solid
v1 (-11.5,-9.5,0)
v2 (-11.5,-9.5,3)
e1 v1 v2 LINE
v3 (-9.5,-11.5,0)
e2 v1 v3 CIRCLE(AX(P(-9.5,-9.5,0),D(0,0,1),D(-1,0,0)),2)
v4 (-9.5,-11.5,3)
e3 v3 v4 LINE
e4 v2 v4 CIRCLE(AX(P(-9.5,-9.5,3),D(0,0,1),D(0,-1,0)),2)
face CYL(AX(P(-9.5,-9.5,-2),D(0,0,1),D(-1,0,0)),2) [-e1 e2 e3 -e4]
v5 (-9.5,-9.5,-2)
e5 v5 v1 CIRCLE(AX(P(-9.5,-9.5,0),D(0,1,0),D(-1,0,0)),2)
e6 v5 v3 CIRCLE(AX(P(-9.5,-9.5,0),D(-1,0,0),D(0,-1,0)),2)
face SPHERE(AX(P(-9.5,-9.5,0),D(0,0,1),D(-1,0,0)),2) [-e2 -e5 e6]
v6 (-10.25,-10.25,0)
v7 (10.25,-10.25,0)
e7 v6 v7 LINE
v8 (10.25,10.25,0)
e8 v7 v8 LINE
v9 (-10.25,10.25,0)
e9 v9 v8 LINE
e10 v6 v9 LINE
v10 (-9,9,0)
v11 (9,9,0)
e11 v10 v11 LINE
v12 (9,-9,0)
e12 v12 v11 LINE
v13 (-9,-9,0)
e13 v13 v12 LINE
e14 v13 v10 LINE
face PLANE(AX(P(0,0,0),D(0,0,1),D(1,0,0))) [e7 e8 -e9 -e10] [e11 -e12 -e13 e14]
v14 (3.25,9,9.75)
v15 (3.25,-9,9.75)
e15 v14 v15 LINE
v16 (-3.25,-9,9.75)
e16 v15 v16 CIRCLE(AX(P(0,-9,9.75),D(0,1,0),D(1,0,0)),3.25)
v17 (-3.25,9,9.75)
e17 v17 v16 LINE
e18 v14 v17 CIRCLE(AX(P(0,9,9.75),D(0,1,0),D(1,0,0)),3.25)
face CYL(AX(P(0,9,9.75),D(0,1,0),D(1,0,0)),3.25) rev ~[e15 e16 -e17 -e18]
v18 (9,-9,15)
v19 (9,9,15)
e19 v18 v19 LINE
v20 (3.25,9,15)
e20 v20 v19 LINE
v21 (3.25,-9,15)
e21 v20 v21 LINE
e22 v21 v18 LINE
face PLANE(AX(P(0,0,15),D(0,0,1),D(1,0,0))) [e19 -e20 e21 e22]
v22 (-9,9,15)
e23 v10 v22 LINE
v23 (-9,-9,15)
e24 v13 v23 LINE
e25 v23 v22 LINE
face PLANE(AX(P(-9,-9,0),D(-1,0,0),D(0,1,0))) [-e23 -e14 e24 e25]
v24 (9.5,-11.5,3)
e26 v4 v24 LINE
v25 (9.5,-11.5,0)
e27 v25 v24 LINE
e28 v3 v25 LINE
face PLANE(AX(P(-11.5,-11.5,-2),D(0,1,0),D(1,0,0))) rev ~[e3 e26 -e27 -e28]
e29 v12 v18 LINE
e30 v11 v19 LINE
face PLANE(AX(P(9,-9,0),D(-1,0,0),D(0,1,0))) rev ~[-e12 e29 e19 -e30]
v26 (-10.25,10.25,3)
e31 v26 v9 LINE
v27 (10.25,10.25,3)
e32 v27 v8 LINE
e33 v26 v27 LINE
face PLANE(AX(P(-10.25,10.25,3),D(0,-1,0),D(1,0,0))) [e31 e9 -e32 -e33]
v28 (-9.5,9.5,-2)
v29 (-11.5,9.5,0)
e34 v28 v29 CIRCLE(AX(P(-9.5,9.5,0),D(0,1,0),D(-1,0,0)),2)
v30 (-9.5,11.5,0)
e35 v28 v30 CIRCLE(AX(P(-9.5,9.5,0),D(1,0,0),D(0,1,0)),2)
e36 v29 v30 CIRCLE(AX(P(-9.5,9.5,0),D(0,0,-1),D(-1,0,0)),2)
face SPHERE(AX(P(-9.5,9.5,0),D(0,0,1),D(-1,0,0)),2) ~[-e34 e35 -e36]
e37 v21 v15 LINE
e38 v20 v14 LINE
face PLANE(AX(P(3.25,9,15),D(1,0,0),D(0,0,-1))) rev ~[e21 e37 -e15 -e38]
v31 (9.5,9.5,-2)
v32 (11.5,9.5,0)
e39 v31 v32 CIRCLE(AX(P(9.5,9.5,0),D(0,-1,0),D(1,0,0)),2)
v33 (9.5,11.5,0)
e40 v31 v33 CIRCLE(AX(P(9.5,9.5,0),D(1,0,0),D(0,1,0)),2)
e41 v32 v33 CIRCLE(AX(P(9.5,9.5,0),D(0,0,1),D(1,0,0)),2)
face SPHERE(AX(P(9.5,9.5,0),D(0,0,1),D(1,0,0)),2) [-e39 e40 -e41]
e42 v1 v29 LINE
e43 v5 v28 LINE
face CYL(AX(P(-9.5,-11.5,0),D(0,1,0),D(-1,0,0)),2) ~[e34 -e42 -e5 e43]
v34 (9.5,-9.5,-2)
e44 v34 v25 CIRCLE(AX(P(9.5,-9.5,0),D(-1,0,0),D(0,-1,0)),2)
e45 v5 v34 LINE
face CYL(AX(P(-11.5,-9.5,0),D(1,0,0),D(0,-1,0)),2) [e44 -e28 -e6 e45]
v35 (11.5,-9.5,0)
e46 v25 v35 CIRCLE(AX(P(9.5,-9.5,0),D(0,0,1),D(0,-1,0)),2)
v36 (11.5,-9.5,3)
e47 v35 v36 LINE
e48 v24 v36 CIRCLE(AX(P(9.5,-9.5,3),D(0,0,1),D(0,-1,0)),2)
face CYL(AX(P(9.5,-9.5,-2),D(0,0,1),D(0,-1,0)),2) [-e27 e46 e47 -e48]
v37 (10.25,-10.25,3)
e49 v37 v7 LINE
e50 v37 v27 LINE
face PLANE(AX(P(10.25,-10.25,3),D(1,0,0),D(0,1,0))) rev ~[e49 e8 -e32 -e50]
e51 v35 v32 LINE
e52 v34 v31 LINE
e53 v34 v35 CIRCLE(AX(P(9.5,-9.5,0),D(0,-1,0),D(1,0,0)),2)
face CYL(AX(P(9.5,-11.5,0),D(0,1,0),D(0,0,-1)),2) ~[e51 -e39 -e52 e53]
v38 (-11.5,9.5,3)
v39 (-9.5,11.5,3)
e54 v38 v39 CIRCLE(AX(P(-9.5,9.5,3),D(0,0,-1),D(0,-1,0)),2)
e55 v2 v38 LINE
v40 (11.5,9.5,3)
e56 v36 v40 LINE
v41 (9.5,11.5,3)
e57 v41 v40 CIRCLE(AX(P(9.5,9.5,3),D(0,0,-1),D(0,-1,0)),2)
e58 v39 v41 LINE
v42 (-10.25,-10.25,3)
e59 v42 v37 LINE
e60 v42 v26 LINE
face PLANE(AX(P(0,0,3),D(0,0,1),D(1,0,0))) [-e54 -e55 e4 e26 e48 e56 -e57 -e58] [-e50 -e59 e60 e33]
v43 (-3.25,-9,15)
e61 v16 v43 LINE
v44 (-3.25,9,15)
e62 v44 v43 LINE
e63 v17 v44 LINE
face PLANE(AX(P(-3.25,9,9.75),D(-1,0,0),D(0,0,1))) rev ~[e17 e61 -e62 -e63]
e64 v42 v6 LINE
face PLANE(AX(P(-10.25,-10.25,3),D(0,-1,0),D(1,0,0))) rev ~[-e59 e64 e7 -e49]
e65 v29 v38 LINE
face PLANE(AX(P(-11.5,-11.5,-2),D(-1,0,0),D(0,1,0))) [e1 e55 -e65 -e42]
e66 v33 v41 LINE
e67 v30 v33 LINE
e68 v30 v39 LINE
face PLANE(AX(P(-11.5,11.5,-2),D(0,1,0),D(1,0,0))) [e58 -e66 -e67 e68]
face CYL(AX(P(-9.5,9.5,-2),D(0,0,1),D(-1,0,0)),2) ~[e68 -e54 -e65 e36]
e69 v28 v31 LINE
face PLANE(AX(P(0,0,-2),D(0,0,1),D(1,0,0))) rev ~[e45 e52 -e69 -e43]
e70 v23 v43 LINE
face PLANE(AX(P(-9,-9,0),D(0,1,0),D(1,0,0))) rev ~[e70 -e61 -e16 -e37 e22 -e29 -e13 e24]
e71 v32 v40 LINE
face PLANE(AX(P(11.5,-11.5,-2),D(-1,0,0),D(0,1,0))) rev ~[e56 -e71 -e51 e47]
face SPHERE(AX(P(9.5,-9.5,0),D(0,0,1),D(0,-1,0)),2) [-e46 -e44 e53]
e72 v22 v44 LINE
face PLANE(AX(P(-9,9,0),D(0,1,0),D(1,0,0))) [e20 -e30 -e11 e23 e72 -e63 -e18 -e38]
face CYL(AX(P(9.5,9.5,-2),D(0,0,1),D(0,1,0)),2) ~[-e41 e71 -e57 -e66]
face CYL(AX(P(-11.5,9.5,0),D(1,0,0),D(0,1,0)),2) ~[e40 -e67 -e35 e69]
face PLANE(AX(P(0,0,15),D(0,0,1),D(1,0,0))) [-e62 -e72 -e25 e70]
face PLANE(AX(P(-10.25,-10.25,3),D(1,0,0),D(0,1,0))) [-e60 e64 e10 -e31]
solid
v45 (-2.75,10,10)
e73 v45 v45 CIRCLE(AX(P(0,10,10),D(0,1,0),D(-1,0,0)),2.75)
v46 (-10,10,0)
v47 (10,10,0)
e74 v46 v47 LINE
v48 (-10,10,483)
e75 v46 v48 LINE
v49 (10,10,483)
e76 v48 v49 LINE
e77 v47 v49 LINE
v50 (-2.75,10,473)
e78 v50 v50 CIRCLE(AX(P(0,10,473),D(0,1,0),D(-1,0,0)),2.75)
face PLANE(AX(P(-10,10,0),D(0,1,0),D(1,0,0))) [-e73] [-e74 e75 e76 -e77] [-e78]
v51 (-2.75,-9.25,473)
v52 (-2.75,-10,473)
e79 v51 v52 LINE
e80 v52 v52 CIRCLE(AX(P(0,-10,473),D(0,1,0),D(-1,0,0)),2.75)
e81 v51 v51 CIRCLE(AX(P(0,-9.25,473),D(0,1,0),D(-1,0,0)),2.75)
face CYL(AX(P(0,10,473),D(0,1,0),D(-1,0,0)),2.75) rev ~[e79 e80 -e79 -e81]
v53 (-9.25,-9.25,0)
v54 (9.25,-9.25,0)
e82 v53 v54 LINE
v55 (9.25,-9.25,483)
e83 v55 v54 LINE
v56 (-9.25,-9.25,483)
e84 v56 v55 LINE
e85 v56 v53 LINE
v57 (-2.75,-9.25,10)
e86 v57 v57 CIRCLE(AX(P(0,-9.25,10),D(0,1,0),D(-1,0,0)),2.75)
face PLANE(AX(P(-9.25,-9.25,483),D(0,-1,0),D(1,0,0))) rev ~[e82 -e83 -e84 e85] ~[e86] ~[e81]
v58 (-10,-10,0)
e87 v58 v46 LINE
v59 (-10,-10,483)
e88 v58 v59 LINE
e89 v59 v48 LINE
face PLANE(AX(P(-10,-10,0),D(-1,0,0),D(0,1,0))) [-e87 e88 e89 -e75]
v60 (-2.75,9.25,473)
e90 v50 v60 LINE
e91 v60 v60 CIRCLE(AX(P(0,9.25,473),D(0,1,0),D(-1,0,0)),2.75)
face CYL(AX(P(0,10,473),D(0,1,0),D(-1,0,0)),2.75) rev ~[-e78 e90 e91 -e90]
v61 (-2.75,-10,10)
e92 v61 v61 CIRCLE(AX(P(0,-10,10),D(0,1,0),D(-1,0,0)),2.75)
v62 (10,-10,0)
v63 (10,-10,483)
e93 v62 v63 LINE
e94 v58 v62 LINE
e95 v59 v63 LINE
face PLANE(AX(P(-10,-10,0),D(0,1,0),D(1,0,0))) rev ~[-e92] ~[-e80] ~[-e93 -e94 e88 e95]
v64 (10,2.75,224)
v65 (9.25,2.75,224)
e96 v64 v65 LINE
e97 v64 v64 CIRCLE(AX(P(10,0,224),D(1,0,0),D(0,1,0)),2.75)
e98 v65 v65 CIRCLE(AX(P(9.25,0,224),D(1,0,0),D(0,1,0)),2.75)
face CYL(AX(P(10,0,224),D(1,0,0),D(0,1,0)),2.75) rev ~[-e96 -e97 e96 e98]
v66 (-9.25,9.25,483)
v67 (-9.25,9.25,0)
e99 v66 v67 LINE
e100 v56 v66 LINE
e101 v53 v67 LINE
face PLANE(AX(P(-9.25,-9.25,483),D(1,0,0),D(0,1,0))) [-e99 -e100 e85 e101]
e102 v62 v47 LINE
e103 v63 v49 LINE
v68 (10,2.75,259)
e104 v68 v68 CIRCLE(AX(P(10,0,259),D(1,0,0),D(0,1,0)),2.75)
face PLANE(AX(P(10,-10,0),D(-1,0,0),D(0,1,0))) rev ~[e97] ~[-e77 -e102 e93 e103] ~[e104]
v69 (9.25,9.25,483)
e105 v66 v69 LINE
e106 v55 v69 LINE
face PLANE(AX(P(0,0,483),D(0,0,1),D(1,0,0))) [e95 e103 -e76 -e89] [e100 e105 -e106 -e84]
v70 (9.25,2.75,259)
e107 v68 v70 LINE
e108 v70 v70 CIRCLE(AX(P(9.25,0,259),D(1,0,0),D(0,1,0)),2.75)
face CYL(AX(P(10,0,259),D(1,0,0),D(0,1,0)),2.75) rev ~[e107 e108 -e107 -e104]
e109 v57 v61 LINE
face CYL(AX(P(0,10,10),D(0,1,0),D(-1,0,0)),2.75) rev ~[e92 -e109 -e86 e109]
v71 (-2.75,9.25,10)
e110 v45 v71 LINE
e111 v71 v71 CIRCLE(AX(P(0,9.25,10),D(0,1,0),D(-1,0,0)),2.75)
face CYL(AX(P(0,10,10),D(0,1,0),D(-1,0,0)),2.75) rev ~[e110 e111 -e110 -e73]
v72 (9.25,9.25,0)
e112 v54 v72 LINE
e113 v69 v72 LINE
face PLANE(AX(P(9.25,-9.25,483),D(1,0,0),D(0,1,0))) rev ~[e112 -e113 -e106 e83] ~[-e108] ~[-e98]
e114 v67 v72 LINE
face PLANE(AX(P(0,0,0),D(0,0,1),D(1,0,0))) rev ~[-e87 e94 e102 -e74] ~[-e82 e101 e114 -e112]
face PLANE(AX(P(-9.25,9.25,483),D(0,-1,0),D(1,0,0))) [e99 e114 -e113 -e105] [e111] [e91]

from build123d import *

# Parameters (mm, degrees)
F0_W      = 20
F0_H      = 20
F1_DEPTH  = 483
F2_W      = 18.5
F2_H      = 18.5
F3_DEPTH  = 483.001
F4_R      = 2.75
F5_DEPTH  = 25
F7_W      = 23
F7_H      = 23
F8_DEPTH  = 5
F9_W      = 20.5
F9_H      = 20.5
F10_DEPTH = 3
F11_W     = 18
F11_H     = 18
F12_DEPTH = 15
F14_DEPTH = 20.501
F15_R     = 2
F16_R     = 2.75
F17_DEPTH = 5


with BuildPart() as f1:
    # F0 (on Top) → F1 (new body)
    with BuildSketch(Plane.XY):
        Rectangle(F0_W, F0_H)
    extrude(amount=F1_DEPTH)

    # F2 (on face) → F3 (cut, through all)
    with BuildSketch(Plane.XY.offset(483)):
        Rectangle(F2_W, F2_H)
    extrude(amount=-F3_DEPTH, mode=Mode.SUBTRACT)

    # F4 (on face) → F5 (cut)
    with BuildSketch(Plane(origin=(0, 10, 0), x_dir=(-1, 0, 0), z_dir=(0, 1, 0))):
        with Locations((0, 473)):
            Circle(F4_R)
        with Locations((0, 10)):
            Circle(F4_R)
    extrude(amount=-F5_DEPTH, mode=Mode.SUBTRACT)

    # F16 (on face) → F17 (cut)
    with BuildSketch(Plane.YZ.offset(10)):
        with Locations((0, 224)):
            Circle(F16_R)
        with Locations((0, 259)):
            Circle(F16_R)
    extrude(amount=-F17_DEPTH, mode=Mode.SUBTRACT)


with BuildPart() as f8:
    # F7 (on offset) → F8 (new body)
    with BuildSketch(Plane.XY.offset(-2)):
        Rectangle(F7_W, F7_H)
    extrude(amount=F8_DEPTH)

    # F9 (on face) → F10 (cut)
    with BuildSketch(Plane.XY.offset(3)):
        Rectangle(F9_W, F9_H)
    extrude(amount=-F10_DEPTH, mode=Mode.SUBTRACT)

    # F11 (on face) → F12 (join)
    with BuildSketch(Plane.XY):
        Rectangle(F11_W, F11_H)
    extrude(amount=F12_DEPTH)

    # F13 (on face) → F14 (cut, through all)
    with BuildSketch(Plane(origin=(0, 9, 0), x_dir=(-1, 0, 0), z_dir=(0, 1, 0))):
        with BuildLine():
            Line((3.25, 15), (-3.25, 15))
            Line((-3.25, 15), (-3.25, 9.75))
            ThreePointArc((-3.25, 9.75), (0, 6.5), (3.25, 9.75))
            Line((3.25, 9.75), (3.25, 15))
        make_face()
    extrude(amount=-F14_DEPTH, mode=Mode.SUBTRACT)

    # F15
    f15_edges = [f8.edges().sort_by_distance(p)[0] for p in [
        (11.5, -11.5, 0.5),
        (-11.5, -11.5, 0.5),
        (11.5, 11.5, 0.5),
        (-11.5, 11.5, 0.5),
        (-11.5, 0, -2),
        (0, -11.5, -2),
        (11.5, 0, -2),
        (0, 11.5, -2),
    ]]
    fillet(f15_edges, radius=F15_R)


solid = Compound([f1.part, f8.part])
